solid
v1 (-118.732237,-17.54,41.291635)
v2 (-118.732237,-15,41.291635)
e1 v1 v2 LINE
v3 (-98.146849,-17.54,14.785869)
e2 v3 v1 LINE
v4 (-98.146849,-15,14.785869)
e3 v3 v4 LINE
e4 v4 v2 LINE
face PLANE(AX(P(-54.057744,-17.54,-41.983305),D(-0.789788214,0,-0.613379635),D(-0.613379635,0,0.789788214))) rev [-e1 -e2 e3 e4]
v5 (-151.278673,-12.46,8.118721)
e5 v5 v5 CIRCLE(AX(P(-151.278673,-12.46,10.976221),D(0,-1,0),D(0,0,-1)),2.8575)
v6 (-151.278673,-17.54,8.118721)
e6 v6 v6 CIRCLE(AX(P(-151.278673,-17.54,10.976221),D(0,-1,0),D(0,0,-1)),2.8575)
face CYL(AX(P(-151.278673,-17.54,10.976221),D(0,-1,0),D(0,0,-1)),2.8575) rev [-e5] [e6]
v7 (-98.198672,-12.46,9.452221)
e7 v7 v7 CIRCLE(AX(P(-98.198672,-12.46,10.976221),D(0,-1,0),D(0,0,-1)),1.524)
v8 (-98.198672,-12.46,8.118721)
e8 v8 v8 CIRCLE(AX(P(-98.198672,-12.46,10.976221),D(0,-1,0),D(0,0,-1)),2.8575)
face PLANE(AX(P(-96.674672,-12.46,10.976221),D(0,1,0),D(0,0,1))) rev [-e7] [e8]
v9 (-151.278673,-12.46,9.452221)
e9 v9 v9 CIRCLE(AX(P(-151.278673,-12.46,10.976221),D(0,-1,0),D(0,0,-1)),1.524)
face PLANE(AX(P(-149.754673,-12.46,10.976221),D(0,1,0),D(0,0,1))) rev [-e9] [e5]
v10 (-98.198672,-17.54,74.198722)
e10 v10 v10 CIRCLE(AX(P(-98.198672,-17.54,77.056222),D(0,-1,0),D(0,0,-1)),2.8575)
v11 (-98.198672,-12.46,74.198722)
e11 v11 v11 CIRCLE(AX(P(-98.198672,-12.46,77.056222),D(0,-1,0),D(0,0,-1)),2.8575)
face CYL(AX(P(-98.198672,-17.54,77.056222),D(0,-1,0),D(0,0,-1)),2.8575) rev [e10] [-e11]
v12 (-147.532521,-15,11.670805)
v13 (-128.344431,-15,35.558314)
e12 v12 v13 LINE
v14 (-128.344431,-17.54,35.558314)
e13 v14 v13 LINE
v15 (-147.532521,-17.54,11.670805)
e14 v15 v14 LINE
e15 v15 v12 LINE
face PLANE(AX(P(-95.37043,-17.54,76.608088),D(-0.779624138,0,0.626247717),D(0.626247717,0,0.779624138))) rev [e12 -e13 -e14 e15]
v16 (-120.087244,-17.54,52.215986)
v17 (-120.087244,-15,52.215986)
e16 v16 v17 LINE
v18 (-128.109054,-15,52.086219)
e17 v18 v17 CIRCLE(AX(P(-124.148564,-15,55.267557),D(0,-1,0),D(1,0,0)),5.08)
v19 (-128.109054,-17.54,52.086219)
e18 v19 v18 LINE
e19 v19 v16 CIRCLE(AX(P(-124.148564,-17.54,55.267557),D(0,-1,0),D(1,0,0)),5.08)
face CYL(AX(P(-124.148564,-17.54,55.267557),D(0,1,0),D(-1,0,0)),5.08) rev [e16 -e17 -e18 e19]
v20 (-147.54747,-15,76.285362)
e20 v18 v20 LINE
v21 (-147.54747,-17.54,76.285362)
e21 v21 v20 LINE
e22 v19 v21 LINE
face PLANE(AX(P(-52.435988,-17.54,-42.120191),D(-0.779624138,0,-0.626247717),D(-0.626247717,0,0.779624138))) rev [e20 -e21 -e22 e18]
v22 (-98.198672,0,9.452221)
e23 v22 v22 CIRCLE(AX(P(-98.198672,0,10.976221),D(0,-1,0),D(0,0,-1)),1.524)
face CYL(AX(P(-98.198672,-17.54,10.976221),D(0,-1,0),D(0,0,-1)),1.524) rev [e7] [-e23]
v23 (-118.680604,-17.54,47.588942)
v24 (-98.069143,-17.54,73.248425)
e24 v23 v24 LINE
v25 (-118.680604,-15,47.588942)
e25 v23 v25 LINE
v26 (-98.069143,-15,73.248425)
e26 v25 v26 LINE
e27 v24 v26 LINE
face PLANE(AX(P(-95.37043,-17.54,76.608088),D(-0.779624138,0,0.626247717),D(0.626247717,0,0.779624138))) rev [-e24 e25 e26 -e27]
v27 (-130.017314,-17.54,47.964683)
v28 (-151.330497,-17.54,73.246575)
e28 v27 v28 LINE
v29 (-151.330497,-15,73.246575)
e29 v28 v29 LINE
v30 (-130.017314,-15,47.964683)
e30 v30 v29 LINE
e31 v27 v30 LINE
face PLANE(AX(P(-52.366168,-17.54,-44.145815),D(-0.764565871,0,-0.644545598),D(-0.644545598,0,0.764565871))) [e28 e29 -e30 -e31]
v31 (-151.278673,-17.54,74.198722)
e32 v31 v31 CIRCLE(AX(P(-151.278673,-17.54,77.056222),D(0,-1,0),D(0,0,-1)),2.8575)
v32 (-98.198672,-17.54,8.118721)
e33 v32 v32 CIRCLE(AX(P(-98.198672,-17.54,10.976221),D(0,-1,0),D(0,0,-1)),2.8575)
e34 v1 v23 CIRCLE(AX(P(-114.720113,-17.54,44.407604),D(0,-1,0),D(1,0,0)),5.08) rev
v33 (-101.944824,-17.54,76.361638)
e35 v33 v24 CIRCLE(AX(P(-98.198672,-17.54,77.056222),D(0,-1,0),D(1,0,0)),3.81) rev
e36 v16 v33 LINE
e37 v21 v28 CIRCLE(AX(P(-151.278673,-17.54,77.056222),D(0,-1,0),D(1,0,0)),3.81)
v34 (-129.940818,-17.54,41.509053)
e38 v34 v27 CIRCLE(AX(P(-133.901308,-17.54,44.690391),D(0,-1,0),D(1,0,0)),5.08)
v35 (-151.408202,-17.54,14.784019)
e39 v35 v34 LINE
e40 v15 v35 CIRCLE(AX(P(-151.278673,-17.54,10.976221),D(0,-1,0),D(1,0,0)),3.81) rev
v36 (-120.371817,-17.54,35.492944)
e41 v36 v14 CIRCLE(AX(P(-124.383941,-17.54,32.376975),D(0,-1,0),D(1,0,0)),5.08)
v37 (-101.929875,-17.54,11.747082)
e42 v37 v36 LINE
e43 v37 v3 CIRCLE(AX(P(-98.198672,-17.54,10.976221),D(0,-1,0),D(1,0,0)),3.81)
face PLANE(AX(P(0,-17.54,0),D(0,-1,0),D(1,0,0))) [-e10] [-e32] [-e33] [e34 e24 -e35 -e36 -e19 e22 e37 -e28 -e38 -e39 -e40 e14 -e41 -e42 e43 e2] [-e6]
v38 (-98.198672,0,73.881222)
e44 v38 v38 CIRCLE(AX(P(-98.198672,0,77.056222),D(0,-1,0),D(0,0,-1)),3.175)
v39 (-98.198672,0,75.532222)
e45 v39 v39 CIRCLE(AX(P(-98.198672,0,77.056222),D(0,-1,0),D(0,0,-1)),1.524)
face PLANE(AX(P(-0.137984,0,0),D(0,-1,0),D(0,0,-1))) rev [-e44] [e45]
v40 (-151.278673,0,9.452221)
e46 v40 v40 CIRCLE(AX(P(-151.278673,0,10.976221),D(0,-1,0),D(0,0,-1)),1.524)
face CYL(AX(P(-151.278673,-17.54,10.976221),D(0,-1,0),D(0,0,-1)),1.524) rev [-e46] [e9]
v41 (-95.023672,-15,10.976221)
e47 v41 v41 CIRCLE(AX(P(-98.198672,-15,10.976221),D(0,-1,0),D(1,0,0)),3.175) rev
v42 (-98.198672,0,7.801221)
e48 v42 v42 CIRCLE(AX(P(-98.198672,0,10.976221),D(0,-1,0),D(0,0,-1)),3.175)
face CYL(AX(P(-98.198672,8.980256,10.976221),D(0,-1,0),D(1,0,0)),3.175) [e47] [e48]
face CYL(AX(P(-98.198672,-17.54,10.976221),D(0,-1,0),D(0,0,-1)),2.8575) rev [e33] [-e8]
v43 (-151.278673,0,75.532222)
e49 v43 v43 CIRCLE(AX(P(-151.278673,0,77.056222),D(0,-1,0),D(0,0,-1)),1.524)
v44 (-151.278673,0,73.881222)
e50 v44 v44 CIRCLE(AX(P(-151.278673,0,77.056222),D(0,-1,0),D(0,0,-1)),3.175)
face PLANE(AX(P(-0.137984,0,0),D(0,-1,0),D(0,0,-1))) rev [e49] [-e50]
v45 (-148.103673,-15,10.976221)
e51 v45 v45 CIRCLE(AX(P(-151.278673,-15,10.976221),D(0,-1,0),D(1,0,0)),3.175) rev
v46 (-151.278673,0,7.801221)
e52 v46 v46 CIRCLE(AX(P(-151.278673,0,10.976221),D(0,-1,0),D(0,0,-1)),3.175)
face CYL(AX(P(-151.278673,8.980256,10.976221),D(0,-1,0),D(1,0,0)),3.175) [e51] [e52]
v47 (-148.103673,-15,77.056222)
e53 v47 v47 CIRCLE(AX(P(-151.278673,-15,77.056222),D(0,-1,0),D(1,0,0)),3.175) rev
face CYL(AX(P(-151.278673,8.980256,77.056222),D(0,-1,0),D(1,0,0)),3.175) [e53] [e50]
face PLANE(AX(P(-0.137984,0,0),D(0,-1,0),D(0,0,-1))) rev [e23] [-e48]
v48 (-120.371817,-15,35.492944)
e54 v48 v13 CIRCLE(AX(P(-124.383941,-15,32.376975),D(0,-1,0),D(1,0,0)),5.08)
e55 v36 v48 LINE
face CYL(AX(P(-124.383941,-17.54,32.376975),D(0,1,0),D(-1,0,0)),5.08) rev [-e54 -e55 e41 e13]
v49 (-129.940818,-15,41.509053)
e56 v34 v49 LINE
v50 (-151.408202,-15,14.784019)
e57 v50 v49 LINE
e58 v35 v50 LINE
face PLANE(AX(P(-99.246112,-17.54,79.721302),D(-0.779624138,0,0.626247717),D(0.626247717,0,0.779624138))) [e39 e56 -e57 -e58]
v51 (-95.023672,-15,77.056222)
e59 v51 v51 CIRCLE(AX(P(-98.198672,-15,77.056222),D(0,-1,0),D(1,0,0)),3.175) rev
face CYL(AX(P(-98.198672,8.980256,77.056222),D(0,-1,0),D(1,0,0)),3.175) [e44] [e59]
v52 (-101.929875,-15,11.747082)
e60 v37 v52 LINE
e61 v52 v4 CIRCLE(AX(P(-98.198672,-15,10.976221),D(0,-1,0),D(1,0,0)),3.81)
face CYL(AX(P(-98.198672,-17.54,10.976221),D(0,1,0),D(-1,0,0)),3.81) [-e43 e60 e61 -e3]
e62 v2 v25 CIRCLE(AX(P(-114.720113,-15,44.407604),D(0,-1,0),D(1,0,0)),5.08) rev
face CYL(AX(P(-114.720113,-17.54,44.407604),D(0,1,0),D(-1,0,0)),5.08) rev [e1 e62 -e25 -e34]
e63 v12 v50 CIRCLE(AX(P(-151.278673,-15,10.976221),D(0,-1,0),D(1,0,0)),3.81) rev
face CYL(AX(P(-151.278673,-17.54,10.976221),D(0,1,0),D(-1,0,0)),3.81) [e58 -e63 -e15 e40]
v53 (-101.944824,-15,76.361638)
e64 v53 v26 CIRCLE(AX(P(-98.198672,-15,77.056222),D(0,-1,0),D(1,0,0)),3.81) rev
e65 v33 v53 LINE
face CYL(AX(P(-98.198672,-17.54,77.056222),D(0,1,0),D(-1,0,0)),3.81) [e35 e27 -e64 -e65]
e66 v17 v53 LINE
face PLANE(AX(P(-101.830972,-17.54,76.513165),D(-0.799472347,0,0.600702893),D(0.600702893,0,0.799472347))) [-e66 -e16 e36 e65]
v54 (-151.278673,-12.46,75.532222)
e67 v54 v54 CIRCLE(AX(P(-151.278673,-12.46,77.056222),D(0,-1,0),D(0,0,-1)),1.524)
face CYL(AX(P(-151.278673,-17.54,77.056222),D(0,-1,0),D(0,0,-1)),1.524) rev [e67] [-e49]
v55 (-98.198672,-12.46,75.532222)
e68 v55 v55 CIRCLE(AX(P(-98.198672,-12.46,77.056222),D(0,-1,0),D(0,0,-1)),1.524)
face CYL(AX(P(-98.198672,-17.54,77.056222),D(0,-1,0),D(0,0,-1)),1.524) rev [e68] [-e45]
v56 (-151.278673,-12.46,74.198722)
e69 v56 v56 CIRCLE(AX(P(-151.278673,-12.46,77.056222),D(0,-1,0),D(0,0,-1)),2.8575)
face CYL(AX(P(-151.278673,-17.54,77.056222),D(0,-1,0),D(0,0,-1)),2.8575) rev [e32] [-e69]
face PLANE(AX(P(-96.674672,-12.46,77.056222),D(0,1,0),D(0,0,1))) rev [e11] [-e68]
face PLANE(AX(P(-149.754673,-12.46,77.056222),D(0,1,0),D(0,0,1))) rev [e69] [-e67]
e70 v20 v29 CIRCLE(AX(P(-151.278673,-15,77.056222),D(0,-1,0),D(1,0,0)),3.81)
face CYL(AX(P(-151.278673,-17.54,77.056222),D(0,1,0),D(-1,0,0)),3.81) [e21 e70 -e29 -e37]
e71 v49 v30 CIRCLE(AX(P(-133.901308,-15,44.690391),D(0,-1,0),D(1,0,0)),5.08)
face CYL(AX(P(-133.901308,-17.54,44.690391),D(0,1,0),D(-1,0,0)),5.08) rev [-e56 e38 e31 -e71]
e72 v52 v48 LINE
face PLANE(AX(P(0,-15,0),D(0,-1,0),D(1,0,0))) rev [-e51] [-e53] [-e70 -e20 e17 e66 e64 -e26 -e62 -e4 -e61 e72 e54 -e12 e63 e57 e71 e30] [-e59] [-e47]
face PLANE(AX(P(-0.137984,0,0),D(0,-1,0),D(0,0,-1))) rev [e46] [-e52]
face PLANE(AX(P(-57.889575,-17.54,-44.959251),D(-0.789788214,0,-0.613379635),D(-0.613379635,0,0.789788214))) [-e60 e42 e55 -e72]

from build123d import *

# Parameters (mm, degrees)
BOSS_EXTRUDE1_DEPTH                                 = 2.54
SKETCH2_R                                           = 3.175
BOSS_EXTRUDE2_DEPTH                                 = 15
CBORE_FOR_00_BINDING_HEAD_MACHINE_SCREW_D           = 3.048
CBORE_FOR_00_BINDING_HEAD_MACHINE_SCREW_CBORE_D     = 5.715
CBORE_FOR_00_BINDING_HEAD_MACHINE_SCREW_CBORE_DEPTH = 5.08
CBORE_FOR_00_BINDING_HEAD_MACHINE_S_2_D             = 3.048
CBORE_FOR_00_BINDING_HEAD_MACHINE_S_2_CBORE_D       = 5.715
CBORE_FOR_00_BINDING_HEAD_MACHINE_S_2_CBORE_DEPTH   = 5.08


with BuildPart() as part:
    # Sketch1 → Boss-Extrude1 (new body)
    with BuildSketch(Plane.XZ.offset(14.999999665)):
        with BuildLine():
            ThreePointArc((-118.732237126, 41.291635073), (-119.799942246, 44.449254661), (-118.68060362, 47.588942022))
            Line((-118.68060362, 47.588942022), (-98.069142774, 73.248424617))
            ThreePointArc((-98.069142774, 73.248424617), (-95.812668617, 80.026590118), (-101.944824249, 76.361638481))
            Line((-101.944824249, 76.361638481), (-120.087244283, 52.215986296))
            ThreePointArc((-120.087244283, 52.215986296), (-124.066396106, 50.188221558), (-128.109054429, 52.086218591))
            Line((-128.109054429, 52.086218591), (-147.547470085, 76.285361579))
            ThreePointArc((-147.547470085, 76.285361579), (-153.664676639, 80.026590118), (-151.33049651, 73.246574622))
            Line((-151.33049651, 73.246574622), (-130.017313744, 47.964682708))
            ThreePointArc((-130.017313744, 47.964682708), (-128.821664975, 44.750582309), (-129.940817748, 41.509052665))
            Line((-129.940817748, 41.509052665), (-151.408202483, 14.784019002))
            ThreePointArc((-151.408202483, 14.784019002), (-153.664676639, 8.0058535), (-147.532521008, 11.670805138))
            Line((-147.532521008, 11.670805138), (-128.34443149, 35.558313777))
            ThreePointArc((-128.34443149, 35.558313777), (-124.342289826, 37.456804622), (-120.37181674, 35.49294392))
            Line((-120.37181674, 35.49294392), (-101.929875172, 11.74708204))
            ThreePointArc((-101.929875172, 11.74708204), (-95.812668617, 8.0058535), (-98.146848747, 14.785868997))
            Line((-98.146848747, 14.785868997), (-118.732237126, 41.291635073))
        make_face()
    extrude(amount=BOSS_EXTRUDE1_DEPTH)

    # Sketch2 → Boss-Extrude2 (add)
    with BuildSketch(Plane(origin=(0, -14.999999665, 0), x_dir=(1, 0, 0), z_dir=(0, 1, 0))):
        with Locations((-98.19867242, -10.976221467)):
            Circle(SKETCH2_R)
        with Locations((-151.278672837, -10.976221467)):
            Circle(SKETCH2_R)
        with Locations((-151.278672837, -77.056222152)):
            Circle(SKETCH2_R)
        with Locations((-98.19867242, -77.056222152)):
            Circle(SKETCH2_R)
    extrude(amount=BOSS_EXTRUDE2_DEPTH)

    # CBORE for _00 Binding Head Machine Screw (through all)
    with Locations(Plane(origin=(0, -17.539999665, 0), x_dir=(-1, 0, 0), z_dir=(0, -1, 0))):
        with Locations((151.278672837, -10.976221467)):
            CounterBoreHole(CBORE_FOR_00_BINDING_HEAD_MACHINE_SCREW_D / 2, CBORE_FOR_00_BINDING_HEAD_MACHINE_SCREW_CBORE_D / 2, CBORE_FOR_00_BINDING_HEAD_MACHINE_SCREW_CBORE_DEPTH)

    # CBORE for _00 Binding Head Machine S 2 (through all)
    with Locations(Plane(origin=(0, -17.539999665, 0), x_dir=(-1, 0, 0), z_dir=(0, -1, 0))):
        with Locations((98.19867242, -10.976221467), (98.19867242, -77.056222152), (151.278672837, -77.056222152)):
            CounterBoreHole(CBORE_FOR_00_BINDING_HEAD_MACHINE_S_2_D / 2, CBORE_FOR_00_BINDING_HEAD_MACHINE_S_2_CBORE_D / 2, CBORE_FOR_00_BINDING_HEAD_MACHINE_S_2_CBORE_DEPTH)


solid = part.part
